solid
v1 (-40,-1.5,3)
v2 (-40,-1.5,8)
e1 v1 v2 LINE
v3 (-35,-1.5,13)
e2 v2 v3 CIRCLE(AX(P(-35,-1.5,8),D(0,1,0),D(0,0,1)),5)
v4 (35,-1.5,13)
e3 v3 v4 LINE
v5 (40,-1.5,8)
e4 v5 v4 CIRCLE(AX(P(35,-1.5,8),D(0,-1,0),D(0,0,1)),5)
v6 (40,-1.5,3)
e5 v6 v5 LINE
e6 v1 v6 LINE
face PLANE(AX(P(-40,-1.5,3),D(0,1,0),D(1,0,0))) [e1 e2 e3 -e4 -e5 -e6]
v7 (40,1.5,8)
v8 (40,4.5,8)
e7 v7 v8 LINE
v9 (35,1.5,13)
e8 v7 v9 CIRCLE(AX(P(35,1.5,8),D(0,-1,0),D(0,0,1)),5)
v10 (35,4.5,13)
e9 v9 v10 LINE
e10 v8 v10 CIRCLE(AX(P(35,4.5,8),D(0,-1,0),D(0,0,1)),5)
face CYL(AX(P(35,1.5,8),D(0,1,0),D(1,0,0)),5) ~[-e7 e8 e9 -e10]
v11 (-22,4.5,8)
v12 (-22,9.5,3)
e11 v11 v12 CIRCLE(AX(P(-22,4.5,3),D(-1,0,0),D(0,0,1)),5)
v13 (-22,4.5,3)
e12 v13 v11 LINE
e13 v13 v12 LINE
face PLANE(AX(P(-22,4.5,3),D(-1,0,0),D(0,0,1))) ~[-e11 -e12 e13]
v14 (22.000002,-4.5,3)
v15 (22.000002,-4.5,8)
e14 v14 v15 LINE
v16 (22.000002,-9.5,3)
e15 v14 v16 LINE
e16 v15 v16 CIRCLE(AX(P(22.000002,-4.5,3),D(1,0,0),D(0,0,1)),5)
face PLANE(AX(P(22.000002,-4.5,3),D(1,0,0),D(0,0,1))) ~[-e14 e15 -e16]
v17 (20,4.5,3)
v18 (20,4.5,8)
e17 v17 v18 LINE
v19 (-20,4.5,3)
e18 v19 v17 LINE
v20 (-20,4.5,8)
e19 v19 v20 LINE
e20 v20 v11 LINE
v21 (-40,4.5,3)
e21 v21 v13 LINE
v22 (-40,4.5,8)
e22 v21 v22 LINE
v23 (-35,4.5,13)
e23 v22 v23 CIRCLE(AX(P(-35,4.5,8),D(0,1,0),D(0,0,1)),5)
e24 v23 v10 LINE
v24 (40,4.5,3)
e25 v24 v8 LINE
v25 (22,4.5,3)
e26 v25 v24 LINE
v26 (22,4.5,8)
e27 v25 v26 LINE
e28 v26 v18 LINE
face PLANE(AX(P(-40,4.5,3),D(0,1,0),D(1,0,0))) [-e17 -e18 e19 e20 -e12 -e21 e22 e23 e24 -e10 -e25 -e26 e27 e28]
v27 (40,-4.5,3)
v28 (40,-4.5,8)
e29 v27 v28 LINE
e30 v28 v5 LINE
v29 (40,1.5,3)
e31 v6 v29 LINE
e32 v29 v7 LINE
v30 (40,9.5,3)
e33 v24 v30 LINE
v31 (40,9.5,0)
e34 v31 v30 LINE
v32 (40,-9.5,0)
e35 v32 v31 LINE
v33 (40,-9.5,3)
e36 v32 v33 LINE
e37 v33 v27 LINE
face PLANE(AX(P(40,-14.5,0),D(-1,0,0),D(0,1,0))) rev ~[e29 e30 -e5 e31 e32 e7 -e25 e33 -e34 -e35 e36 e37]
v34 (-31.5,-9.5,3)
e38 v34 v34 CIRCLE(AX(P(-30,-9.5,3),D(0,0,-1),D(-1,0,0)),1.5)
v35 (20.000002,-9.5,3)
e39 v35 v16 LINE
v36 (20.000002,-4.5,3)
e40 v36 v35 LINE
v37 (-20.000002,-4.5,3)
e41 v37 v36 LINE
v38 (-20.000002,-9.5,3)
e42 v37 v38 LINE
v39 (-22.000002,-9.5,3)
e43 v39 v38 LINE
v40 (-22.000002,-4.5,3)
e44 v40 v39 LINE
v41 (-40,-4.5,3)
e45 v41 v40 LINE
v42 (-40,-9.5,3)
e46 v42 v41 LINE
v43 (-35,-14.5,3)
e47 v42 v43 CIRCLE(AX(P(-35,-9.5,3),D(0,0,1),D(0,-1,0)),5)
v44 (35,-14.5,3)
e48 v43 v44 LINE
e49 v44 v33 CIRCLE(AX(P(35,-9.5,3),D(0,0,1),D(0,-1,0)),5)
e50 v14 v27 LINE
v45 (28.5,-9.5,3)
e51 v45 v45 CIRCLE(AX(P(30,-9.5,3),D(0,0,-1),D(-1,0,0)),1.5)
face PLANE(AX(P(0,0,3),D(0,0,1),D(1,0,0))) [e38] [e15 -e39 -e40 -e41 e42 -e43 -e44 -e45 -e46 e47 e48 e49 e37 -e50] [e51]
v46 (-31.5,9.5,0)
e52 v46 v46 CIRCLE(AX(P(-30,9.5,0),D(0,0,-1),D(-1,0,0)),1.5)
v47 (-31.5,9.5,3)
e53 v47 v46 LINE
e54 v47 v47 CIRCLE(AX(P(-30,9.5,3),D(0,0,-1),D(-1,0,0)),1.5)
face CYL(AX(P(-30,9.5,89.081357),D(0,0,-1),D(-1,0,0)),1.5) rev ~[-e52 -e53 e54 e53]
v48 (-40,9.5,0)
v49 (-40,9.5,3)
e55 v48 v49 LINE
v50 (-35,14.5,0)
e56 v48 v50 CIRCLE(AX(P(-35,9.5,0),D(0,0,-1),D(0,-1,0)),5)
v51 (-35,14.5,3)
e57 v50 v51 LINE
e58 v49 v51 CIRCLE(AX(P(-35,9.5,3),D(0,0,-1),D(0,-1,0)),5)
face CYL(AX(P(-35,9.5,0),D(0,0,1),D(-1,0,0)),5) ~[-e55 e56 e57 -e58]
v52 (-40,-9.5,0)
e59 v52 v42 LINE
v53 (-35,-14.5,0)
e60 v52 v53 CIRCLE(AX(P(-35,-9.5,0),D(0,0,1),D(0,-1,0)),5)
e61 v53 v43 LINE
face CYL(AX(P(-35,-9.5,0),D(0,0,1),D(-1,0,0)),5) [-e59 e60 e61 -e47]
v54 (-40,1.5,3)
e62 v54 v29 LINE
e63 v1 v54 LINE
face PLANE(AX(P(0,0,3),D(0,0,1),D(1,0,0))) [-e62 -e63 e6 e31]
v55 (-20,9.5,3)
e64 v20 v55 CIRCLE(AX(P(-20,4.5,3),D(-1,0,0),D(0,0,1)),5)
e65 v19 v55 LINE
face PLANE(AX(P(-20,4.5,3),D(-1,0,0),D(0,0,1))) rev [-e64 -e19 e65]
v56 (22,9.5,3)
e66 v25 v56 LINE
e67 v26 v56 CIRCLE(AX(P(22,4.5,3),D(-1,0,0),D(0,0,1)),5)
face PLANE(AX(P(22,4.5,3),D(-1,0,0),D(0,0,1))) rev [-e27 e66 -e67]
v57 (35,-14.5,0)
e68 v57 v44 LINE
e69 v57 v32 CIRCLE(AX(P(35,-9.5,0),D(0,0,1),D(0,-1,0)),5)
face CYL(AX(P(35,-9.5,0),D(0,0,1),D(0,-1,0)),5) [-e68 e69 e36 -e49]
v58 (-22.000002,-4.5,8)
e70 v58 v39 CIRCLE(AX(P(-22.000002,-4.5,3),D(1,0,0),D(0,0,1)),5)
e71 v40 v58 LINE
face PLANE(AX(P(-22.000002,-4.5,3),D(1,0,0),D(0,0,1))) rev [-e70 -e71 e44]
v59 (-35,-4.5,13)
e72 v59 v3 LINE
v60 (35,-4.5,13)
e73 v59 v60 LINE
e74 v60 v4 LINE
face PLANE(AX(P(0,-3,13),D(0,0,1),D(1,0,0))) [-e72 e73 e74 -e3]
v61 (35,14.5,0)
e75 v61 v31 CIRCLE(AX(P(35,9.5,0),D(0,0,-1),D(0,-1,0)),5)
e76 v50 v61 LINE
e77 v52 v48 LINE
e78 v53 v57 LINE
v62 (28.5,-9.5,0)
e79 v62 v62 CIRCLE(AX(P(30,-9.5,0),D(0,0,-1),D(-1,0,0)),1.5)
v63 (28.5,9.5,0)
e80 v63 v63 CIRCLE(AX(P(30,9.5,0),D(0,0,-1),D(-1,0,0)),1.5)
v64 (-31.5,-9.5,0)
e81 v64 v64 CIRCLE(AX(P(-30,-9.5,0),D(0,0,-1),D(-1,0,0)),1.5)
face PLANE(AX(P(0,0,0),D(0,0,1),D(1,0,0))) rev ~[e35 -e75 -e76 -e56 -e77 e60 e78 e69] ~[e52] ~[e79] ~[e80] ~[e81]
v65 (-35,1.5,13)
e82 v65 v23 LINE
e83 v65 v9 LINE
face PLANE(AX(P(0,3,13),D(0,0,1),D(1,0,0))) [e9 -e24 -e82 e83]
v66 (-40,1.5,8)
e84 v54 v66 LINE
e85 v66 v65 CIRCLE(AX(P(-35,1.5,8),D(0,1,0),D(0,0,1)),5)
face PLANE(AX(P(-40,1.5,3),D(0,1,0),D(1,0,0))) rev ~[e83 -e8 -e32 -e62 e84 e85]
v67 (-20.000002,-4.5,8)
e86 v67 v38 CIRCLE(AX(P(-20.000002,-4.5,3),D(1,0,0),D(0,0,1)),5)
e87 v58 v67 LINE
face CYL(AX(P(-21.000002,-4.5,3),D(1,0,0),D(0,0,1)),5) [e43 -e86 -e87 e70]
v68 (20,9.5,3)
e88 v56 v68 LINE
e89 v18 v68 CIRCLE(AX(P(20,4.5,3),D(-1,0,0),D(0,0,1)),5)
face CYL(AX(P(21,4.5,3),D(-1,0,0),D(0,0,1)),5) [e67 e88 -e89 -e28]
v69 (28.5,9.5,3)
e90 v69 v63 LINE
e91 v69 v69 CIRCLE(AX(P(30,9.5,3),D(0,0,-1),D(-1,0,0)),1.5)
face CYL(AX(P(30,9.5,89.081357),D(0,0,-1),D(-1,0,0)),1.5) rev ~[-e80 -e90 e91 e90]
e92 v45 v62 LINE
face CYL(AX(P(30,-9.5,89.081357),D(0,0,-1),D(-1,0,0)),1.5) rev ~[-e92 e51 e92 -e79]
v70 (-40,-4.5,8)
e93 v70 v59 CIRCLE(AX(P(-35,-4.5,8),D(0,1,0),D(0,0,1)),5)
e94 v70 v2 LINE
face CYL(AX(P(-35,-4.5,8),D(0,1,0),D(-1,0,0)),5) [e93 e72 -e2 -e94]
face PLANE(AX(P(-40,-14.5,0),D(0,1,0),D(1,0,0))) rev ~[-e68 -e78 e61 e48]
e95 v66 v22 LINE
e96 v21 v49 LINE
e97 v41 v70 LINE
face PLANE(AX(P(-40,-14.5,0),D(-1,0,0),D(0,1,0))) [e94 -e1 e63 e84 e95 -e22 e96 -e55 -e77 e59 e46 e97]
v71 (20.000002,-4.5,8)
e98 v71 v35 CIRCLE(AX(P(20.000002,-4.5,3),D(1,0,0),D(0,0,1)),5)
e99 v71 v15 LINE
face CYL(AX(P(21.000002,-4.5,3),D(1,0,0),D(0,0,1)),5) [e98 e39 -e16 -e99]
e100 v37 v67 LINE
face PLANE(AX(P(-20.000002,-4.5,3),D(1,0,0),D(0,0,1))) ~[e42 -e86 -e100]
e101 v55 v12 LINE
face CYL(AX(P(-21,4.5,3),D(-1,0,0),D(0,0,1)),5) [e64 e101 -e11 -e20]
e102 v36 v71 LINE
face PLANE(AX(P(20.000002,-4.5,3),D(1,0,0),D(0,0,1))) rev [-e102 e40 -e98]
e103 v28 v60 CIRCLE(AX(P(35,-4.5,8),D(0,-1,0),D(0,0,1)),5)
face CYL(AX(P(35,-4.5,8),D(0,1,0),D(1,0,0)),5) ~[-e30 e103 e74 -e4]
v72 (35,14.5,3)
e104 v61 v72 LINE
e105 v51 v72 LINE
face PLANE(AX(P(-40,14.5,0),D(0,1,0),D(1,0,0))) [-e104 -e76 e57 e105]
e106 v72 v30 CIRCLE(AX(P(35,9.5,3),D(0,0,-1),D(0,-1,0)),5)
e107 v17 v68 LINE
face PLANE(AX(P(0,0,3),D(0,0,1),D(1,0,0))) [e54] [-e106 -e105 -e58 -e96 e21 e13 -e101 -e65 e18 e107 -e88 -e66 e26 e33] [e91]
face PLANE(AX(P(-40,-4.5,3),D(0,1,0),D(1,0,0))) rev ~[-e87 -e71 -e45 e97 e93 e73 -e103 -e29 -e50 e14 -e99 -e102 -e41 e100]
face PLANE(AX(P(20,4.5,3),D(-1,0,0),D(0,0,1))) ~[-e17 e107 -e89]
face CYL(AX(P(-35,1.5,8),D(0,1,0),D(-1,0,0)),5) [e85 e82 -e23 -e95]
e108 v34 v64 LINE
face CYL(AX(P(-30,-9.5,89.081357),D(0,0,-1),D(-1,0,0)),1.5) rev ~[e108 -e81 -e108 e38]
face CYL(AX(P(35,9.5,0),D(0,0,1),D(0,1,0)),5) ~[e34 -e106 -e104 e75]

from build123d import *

# Parameters (mm, degrees)
F0_W      = 80
F0_H      = 29
F1_DEPTH  = 3
F2_W      = 80
F2_H      = 3
F3_DEPTH  = 10
F4_R      = 5
F6_D      = 3
F7_W      = 2
F7_H      = 5
F8_ANGLE  = 90
F9_W      = 2
F9_H      = 5
F10_ANGLE = 90


with BuildPart() as f1:
    # F0 (on Top) → F1 (new body)
    with BuildSketch(Plane.XY):
        Rectangle(F0_W, F0_H)
    extrude(amount=F1_DEPTH)

    # F2 (on face) → F3 (join)
    with BuildSketch(Plane.XY.offset(3)):
        with Locations((0, 3)):
            Rectangle(F2_W, F2_H)
        with Locations((0, -3)):
            Rectangle(F2_W, F2_H)
    extrude(amount=F3_DEPTH)

    # F4
    f4_edges = [f1.edges().sort_by_distance(p)[0] for p in [
        (40, 14.5, 1.5),
        (40, -14.5, 1.5),
        (-40, 14.5, 1.5),
        (-40, -14.5, 1.5),
        (40, 3, 13),
        (40, -3, 13),
        (-40, 3, 13),
        (-40, -3, 13),
    ]]
    fillet(f4_edges, radius=F4_R)

    # F6 (through all)
    with Locations(Plane.XY.offset(3)):
        with Locations((-30, 9.5), (-30, -9.5), (30, -9.5), (30, 9.5)):
            Hole(F6_D / 2)

    # F7 (on face) → F8 (revolve)
    with BuildSketch(Plane(origin=(0, 4.5, 0), x_dir=(-1, 0, 0), z_dir=(0, 1, 0))):
        with Locations((-21, 5.5)):
            Rectangle(F7_W, F7_H)
        with Locations((21, 5.5)):
            Rectangle(F7_W, F7_H)
    revolve(axis=Axis((21, 4.5, 3), (-1, 0, 0)), revolution_arc=F8_ANGLE)

    # F9 (on face) → F10 (revolve)
    with BuildSketch(Plane.XZ.offset(4.5)):
        with Locations((-21.000002, 5.5)):
            Rectangle(F9_W, F9_H)
        with Locations((21.000002, 5.5)):
            Rectangle(F9_W, F9_H)
    revolve(axis=Axis((-21.000002, -4.5, 3), (1, 0, 0)), revolution_arc=F10_ANGLE)


solid = f1.part
